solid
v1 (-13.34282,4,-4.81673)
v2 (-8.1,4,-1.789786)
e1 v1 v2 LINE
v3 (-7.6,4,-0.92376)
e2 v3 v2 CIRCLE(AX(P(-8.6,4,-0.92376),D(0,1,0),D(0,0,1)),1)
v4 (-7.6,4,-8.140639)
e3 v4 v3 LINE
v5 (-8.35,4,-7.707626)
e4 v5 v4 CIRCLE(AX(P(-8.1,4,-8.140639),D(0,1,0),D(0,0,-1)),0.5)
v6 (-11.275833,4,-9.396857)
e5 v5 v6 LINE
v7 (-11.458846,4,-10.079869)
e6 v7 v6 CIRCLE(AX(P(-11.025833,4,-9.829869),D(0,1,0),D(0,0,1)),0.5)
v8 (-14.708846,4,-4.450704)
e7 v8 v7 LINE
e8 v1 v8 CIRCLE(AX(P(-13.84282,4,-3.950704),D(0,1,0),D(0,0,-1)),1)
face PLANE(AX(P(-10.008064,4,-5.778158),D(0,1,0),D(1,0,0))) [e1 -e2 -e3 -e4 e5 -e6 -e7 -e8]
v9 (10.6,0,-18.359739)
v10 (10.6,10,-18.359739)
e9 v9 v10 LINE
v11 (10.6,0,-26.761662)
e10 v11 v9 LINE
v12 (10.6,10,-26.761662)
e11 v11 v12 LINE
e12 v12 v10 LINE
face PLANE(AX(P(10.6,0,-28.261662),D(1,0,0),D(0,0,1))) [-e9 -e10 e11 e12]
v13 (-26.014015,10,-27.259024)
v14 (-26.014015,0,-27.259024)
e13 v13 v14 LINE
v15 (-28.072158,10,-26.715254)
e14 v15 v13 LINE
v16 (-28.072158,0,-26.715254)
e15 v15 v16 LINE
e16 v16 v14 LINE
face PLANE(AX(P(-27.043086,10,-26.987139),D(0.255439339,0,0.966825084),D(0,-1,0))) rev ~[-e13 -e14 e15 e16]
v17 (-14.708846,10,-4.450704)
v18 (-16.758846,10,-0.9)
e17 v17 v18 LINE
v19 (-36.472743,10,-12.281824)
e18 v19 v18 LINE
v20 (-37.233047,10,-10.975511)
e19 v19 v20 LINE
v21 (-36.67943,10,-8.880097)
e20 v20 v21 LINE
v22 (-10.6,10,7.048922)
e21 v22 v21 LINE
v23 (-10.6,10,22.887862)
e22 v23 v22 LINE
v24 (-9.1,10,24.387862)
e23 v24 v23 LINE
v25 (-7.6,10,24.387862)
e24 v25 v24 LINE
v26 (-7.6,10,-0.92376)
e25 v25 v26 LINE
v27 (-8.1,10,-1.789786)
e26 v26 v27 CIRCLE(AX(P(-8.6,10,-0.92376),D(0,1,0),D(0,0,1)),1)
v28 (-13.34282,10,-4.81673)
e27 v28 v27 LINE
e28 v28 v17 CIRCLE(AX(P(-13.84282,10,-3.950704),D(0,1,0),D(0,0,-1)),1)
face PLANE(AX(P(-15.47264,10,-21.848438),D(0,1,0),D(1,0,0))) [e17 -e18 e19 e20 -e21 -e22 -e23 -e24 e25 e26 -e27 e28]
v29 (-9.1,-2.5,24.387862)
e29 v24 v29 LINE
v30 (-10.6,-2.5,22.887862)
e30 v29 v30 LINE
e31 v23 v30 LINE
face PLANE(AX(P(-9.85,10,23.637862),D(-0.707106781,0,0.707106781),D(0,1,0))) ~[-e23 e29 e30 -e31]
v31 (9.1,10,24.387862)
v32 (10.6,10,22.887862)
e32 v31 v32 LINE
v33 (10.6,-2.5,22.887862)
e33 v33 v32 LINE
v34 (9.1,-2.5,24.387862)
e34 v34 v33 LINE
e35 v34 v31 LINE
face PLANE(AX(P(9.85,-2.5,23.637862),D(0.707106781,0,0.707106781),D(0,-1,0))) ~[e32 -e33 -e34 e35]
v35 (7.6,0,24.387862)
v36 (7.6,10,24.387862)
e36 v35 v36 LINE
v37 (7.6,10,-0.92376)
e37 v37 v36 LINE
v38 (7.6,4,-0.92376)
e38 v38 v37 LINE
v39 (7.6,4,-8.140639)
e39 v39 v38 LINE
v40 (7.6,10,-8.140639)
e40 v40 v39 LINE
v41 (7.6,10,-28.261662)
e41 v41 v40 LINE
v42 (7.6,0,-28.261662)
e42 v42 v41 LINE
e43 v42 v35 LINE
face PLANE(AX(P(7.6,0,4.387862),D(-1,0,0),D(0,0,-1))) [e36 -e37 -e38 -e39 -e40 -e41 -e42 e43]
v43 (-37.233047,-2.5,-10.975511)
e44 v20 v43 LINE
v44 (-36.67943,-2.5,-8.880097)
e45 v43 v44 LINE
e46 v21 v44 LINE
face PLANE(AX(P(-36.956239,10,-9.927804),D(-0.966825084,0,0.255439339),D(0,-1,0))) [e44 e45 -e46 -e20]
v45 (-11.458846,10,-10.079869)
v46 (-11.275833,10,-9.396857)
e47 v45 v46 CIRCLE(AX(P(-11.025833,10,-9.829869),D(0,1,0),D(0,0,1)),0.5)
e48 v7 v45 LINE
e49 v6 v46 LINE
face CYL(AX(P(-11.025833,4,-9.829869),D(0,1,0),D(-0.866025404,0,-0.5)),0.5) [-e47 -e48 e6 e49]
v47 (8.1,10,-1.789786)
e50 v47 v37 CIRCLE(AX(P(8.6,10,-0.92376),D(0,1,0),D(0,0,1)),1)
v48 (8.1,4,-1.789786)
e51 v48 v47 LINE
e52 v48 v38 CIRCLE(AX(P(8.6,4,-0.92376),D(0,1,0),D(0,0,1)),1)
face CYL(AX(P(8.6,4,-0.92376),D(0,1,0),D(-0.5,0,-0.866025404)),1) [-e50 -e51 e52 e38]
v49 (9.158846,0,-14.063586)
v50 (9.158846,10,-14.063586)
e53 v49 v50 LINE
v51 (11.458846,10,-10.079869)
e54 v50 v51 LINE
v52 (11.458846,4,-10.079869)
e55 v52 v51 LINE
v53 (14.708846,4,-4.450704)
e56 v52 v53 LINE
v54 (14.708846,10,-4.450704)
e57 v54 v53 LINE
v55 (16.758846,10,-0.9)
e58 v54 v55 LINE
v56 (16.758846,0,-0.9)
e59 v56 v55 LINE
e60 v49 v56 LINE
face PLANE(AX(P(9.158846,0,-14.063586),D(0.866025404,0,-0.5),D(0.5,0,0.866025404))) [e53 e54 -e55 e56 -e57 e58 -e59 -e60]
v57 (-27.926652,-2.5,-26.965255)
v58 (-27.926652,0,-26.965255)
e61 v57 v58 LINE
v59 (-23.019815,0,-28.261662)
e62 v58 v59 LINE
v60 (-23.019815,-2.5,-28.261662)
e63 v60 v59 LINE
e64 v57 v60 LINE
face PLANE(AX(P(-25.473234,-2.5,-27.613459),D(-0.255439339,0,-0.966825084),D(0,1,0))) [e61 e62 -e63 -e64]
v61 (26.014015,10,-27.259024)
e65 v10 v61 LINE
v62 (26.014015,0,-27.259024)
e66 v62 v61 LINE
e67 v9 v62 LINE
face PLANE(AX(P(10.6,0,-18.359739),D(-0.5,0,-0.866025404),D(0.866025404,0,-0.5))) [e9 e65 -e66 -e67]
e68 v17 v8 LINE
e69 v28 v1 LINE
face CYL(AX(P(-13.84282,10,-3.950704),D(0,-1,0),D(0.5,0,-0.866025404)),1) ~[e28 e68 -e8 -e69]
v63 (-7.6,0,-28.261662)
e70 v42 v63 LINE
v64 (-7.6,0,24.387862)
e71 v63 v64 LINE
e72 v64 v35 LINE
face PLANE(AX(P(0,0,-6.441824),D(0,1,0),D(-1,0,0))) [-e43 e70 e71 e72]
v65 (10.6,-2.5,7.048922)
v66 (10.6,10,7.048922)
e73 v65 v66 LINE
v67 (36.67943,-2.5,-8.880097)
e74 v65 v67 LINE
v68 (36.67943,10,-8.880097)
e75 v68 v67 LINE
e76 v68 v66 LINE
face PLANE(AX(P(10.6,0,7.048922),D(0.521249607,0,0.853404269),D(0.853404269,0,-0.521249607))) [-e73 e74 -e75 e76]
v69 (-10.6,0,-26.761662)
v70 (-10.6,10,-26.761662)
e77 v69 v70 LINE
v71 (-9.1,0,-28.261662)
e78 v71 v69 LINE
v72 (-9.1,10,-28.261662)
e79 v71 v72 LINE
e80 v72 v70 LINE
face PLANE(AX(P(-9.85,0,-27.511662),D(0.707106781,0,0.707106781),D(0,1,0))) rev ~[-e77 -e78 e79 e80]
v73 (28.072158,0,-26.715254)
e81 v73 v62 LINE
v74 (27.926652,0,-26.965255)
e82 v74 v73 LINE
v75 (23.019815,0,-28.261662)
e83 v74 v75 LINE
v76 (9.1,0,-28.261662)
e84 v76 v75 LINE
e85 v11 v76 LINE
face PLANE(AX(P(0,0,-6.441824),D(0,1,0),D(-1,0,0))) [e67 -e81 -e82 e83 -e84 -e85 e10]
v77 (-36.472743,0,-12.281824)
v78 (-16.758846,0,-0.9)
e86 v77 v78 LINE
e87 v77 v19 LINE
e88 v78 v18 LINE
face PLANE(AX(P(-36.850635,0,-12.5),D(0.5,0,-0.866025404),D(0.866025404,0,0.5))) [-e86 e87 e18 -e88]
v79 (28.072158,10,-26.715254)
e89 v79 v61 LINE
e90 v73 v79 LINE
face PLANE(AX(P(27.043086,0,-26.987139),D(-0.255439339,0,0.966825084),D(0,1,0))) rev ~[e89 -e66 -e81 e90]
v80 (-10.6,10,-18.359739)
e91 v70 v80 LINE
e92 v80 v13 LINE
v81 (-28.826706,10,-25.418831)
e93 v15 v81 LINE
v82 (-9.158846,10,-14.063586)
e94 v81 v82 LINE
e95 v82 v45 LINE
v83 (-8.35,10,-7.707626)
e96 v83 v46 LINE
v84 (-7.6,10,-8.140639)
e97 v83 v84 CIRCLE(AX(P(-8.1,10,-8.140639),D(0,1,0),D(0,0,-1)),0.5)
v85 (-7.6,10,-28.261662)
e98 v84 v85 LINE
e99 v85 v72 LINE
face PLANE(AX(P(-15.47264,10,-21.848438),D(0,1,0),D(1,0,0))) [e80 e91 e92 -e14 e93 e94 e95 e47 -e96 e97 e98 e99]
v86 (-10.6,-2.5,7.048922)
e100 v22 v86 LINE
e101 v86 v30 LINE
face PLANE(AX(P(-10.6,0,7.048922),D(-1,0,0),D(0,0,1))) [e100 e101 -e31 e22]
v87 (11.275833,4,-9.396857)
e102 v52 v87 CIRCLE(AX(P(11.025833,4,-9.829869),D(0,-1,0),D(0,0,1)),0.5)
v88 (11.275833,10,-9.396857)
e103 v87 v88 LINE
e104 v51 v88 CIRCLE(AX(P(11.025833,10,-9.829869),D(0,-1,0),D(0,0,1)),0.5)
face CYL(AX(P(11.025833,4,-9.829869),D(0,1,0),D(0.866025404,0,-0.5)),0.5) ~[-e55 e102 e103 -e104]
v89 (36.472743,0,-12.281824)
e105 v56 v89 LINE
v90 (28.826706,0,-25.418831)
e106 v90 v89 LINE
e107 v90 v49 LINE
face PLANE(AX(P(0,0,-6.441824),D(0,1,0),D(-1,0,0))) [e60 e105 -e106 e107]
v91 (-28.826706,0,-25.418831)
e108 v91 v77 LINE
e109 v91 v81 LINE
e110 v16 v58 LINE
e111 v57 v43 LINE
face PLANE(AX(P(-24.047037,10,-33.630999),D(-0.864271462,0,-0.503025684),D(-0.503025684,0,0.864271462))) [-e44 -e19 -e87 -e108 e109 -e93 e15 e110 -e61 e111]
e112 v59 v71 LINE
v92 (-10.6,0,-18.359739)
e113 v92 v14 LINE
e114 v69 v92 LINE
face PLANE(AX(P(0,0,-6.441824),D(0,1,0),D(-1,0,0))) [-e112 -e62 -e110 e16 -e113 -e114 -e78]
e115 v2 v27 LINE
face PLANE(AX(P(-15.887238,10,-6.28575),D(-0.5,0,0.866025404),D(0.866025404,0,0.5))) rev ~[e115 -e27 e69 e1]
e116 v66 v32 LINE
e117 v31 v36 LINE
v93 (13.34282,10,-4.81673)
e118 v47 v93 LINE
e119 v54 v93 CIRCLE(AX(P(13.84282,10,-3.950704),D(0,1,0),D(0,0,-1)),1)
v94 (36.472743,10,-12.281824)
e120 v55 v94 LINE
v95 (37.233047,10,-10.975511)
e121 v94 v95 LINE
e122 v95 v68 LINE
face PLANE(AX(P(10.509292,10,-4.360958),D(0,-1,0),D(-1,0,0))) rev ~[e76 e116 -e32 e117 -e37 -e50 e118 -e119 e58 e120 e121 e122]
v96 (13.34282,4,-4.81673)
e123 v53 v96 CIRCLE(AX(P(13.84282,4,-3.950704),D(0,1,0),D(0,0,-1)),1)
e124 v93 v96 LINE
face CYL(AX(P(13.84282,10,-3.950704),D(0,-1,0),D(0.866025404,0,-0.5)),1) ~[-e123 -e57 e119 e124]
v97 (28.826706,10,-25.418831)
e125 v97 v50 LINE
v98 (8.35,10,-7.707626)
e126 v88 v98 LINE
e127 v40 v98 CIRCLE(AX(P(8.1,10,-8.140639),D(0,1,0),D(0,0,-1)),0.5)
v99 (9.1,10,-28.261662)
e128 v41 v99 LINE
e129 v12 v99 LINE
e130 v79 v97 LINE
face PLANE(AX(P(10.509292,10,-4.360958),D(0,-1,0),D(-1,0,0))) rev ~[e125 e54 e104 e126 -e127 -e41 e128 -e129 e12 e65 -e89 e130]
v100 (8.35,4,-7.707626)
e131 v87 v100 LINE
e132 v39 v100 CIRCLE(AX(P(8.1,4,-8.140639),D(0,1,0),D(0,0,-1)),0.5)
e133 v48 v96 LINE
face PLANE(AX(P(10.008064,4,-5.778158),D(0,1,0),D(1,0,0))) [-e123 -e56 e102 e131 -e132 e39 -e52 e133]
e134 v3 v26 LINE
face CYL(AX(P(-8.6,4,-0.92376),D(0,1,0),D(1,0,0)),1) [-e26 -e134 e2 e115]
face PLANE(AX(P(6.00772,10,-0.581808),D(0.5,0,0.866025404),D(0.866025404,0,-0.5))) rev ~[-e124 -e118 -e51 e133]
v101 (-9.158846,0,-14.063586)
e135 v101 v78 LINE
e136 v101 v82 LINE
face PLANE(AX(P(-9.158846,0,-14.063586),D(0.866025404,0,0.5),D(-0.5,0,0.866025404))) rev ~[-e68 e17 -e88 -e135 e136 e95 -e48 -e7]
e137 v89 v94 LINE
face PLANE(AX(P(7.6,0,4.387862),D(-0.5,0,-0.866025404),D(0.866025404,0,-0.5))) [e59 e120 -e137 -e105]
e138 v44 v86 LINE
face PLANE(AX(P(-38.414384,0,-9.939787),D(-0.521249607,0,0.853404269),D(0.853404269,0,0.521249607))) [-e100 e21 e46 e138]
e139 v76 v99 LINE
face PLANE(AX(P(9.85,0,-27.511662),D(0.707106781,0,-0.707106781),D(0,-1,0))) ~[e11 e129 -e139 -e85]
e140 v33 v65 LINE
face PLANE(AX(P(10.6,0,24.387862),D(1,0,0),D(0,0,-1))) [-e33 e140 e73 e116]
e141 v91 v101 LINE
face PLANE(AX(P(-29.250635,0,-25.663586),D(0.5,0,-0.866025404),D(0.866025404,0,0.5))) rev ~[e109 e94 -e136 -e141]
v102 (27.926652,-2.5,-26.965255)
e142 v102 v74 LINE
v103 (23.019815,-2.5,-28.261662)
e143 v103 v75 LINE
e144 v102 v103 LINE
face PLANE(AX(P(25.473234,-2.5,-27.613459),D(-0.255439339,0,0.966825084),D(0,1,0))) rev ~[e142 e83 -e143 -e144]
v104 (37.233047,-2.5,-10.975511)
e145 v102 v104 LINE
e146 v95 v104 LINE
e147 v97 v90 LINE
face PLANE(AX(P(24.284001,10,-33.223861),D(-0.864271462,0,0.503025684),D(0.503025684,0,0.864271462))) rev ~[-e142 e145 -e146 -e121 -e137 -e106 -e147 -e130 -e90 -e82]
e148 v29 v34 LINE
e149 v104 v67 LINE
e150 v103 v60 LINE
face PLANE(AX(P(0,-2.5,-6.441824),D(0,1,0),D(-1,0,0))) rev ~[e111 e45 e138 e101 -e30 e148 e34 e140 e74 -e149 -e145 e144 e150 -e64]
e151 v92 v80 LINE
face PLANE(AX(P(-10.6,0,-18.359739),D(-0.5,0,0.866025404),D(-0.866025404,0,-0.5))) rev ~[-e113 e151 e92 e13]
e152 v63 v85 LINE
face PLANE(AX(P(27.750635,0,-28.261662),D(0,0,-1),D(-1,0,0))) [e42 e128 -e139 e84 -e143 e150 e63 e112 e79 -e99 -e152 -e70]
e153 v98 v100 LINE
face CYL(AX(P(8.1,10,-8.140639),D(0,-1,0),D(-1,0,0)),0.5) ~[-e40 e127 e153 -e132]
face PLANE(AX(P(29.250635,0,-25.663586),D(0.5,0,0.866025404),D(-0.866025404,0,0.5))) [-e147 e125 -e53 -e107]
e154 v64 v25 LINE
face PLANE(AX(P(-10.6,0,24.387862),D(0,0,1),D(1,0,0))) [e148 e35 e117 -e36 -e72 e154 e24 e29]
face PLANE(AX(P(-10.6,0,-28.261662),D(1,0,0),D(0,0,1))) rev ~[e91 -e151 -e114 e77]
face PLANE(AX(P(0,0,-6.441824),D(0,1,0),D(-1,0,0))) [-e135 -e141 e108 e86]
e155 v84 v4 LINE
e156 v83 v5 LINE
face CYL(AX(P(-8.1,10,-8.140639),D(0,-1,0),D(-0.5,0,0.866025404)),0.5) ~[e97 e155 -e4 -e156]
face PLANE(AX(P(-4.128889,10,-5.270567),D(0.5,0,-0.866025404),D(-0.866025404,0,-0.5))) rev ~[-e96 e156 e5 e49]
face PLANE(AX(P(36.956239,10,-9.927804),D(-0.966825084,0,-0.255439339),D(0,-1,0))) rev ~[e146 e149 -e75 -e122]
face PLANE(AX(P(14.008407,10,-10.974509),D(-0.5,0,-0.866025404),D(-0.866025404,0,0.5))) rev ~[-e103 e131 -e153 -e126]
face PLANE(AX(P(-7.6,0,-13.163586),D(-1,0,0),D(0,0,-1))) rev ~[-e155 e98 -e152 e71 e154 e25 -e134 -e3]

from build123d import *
from OCP.BRepFilletAPI import BRepFilletAPI_MakeChamfer

# Parameters (mm, degrees)
EXTRUDE_1_DEPTH     = 10
EXTRUDE_1_2_DEPTH   = 10
EXTRUDE_1_3_DEPTH   = 10
EXTRUDE_1_4_DEPTH   = 10
EXTRUDE_2_DEPTH     = 2.5
EXTRUDE_3_DEPTH     = 10
CUT_EXTRUDE_1_DEPTH = 6
FILLET_4_R          = 1
FILLET_5_R          = 0.5
CUT_EXTRUDE_2_DEPTH = 50.301485276
CHAMFER_1_SIZE      = 1.5
CHAMFER_1_SIZE2     = 1.532867746
CHAMFER_1_SIZE2_2   = 1.505273584
CHAMFER_2_SIZE      = 1.5
CHAMFER_2_SIZE2     = 4.152297663


with BuildPart() as part:
    # Эскиз1 → Бобышка-Вытянуть1 (new body)
    with BuildSketch(Plane(origin=(0, 0, 0), x_dir=(1, 0, 0), z_dir=(0, 1, 0))):
        Polygon((-7.6, 13.163586138), (-7.6, 28.261662349), (-10.6, 28.261662349), (-10.6, 18.35973856), (-27.750635095, 28.261662349), (-29.250635095, 25.663586138), align=None)
    extrude(amount=EXTRUDE_1_DEPTH)



with BuildPart() as body_2:
    # Эскиз1 → Extrude 1 2 (new body)
    with BuildSketch(Plane(origin=(0, 0, 0), x_dir=(1, 0, 0), z_dir=(0, 1, 0))):
        Polygon((-36.850635095, 12.5), (-7.6, -4.387862046), (-7.6, -24.387862046), (-10.6, -24.387862046), (-10.6, -7.048921698), (-38.414383917, 9.939787192), align=None)
    extrude(amount=EXTRUDE_1_2_DEPTH)


with BuildPart() as body_3:
    # Эскиз1 → Extrude 1 3 (new body)
    with BuildSketch(Plane(origin=(0, 0, 0), x_dir=(1, 0, 0), z_dir=(0, 1, 0))):
        Polygon((7.6, -24.387862046), (7.6, -4.387862046), (36.850635095, 12.5), (38.414383917, 9.939787192), (10.6, -7.048921698), (10.6, -24.387862046), align=None)
    extrude(amount=EXTRUDE_1_3_DEPTH)


with BuildPart() as body_4:
    # Эскиз1 → Extrude 1 4 (new body)
    with BuildSketch(Plane(origin=(0, 0, 0), x_dir=(1, 0, 0), z_dir=(0, 1, 0))):
        Polygon((29.250635095, 25.663586138), (7.6, 13.163586138), (7.6, 28.261662349), (10.6, 28.261662349), (10.6, 18.35973856), (27.750635095, 28.261662349), align=None)
    extrude(amount=EXTRUDE_1_4_DEPTH)


with BuildPart() as part_1:
    add(part.part)

    add(body_2.part)  # Бобышка-Вытянуть2 merges body 2

    add(body_3.part)  # Бобышка-Вытянуть2 merges body 3

    add(body_4.part)  # Бобышка-Вытянуть2 merges body 4
    # Эскиз2 → Бобышка-Вытянуть2 (add)
    with BuildSketch(Plane.XZ):
        Polygon((-10.6, 24.387862046), (10.6, 24.387862046), (10.6, 7.048921698), (38.414383917, -9.939787192), (27.750635095, -28.261662349), (-27.750635095, -28.261662349), (-38.414383917, -9.939787192), (-10.6, 7.048921698), align=None)
    extrude(amount=EXTRUDE_2_DEPTH)

    # Эскиз3 → Бобышка-Вытянуть3 (add)
    with BuildSketch(Plane(origin=(0, 0, 0), x_dir=(1, 0, 0), z_dir=(0, 1, 0))):
        Polygon((9.158845727, 14.063586138), (16.758845727, 0.9), (7.6, -4.387862046), (7.6, 13.163586138), align=None)
        Polygon((-7.6, -4.387862046), (-7.6, 13.163586138), (-9.158845727, 14.063586138), (-16.758845727, 0.9), align=None)
    extrude(amount=EXTRUDE_3_DEPTH)

    # Эскиз4 → Вырез-Вытянуть1 (cut)
    with BuildSketch(Plane(origin=(0, 10, 0), x_dir=(1, 0, 0), z_dir=(0, 1, 0))):
        Polygon((-15.887237696, 6.285749615), (-6.628889419, 0.940439745), (-4.128889419, 5.270566763), (-13.387237696, 10.615876634), align=None)
        Polygon((14.008406819, 10.974508794), (3.507720297, 4.911934604), (6.007720297, 0.581807585), (16.508406819, 6.644381775), align=None)
    extrude(amount=-CUT_EXTRUDE_1_DEPTH, mode=Mode.SUBTRACT)

    # Скругление4
    fillet_4_edges = [part_1.edges().sort_by_distance(p)[0] for p in [
        (-14.208845727, 7, -5.316729559),
        (14.208845727, 7, -5.316729559),
        (-7.6, 7, -1.5011107),
        (7.6, 7, -1.5011107),
    ]]
    fillet(fillet_4_edges, radius=FILLET_4_R)

    # Скругление5
    fillet_5_edges = [part_1.edges().sort_by_distance(p)[0] for p in [
        (-11.708845727, 7, -9.646856578),
        (11.708845727, 7, -9.646856578),
        (-7.6, 7, -7.274613392),
        (7.6, 7, -7.274613392),
    ]]
    fillet(fillet_5_edges, radius=FILLET_5_R)

    # Эскиз5 → Вырез-Вытянуть2 (cut, through all)
    with BuildSketch(Plane(origin=(0, 10, 0), x_dir=(1, 0, 0), z_dir=(0, 1, 0))):
        Polygon((-24.047037107, 33.630998613), (-39.832865352, 6.508644255), (-44.756690746, 10.727475508), (-28.61540602, 34.978771584), align=None)
        Polygon((24.284000657, 33.223860688), (39.70321054, 6.731410124), (44.299549415, 9.406584081), (29.808170892, 34.304885099), align=None)
    extrude(amount=-CUT_EXTRUDE_2_DEPTH, mode=Mode.SUBTRACT)

    # Фаска1: one chamfer whose edges measure the first distance from different faces: ONE call of the kernel's chamfer builder (chamfer() names one face for all edges)
    chamfer_1_edges_1 = [part_1.edges().sort_by_distance(p)[0] for p in [
        (10.6, 5, -28.261662349),
        (-10.6, 3.75, 24.387862046),
        (10.6, 3.75, 24.387862046),
        (-10.6, 5, -28.261662349),
    ]]
    chamfer_1_edges_2 = [part_1.edges().sort_by_distance(p)[0] for p in [
        (-37.987585708, 3.75, -9.679103708),
    ]]
    chamfer_1_side_2 = [part_1.faces().sort_by_distance(p)[0] for p in [
        (-28.072162886, 9.751296174, -26.715245698),
    ]]
    chamfer_1_edges_3 = [part_1.edges().sort_by_distance(p)[0] for p in [
        (-27.317619745, 5, -28.01166082),
    ]]
    chamfer_1_side_3 = [part_1.faces().sort_by_distance(p)[0] for p in [
        (-28.072162886, 9.751296174, -26.715245698),
    ]]
    chamfer_1_edges_4 = [part_1.edges().sort_by_distance(p)[0] for p in [
        (27.317619745, 5, -28.01166082),
    ]]
    chamfer_1_side_4 = [part_1.faces().sort_by_distance(p)[0] for p in [
        (28.072162886, 9.751296174, -26.715245698),
    ]]
    chamfer_1_edges_5 = [part_1.edges().sort_by_distance(p)[0] for p in [
        (37.987585708, 3.75, -9.679103708),
    ]]
    chamfer_1_side_5 = [part_1.faces().sort_by_distance(p)[0] for p in [
        (28.072162886, 9.751296174, -26.715245698),
    ]]
    chamfer_1 = BRepFilletAPI_MakeChamfer(part_1.part.solid().wrapped)
    for e in chamfer_1_edges_1:
        chamfer_1.Add(CHAMFER_1_SIZE, e.wrapped)
    for e in chamfer_1_edges_2:
        chamfer_1.Add(CHAMFER_1_SIZE, CHAMFER_1_SIZE2, e.wrapped, chamfer_1_side_2[0].wrapped)  # the first distance lies on this face
    for e in chamfer_1_edges_3:
        chamfer_1.Add(CHAMFER_1_SIZE, CHAMFER_1_SIZE2_2, e.wrapped, chamfer_1_side_3[0].wrapped)  # the first distance lies on this face
    for e in chamfer_1_edges_4:
        chamfer_1.Add(CHAMFER_1_SIZE, CHAMFER_1_SIZE2_2, e.wrapped, chamfer_1_side_4[0].wrapped)  # the first distance lies on this face
    for e in chamfer_1_edges_5:
        chamfer_1.Add(CHAMFER_1_SIZE, CHAMFER_1_SIZE2, e.wrapped, chamfer_1_side_5[0].wrapped)  # the first distance lies on this face
    add(Compound.cast(chamfer_1.Shape()), mode=Mode.REPLACE)

    # Фаска2: one chamfer whose edges measure the first distance from different faces: ONE call of the kernel's chamfer builder (chamfer() names one face for all edges)
    chamfer_2_edges_1 = [part_1.edges().sort_by_distance(p)[0] for p in [
        (-27.172113158, -1.25, -28.261662349),
    ]]
    chamfer_2_side_1 = [part_1.faces().sort_by_distance(p)[0] for p in [
        (-28.449432149, 9.764143386, -26.067042101),
    ]]
    chamfer_2_edges_2 = [part_1.edges().sort_by_distance(p)[0] for p in [
        (27.172113158, -1.25, -28.261662349),
    ]]
    chamfer_2_side_2 = [part_1.faces().sort_by_distance(p)[0] for p in [
        (28.449432149, 9.764143386, -26.067042101),
    ]]
    chamfer_2 = BRepFilletAPI_MakeChamfer(part_1.part.solid().wrapped)
    for e in chamfer_2_edges_1:
        chamfer_2.Add(CHAMFER_2_SIZE, CHAMFER_2_SIZE2, e.wrapped, chamfer_2_side_1[0].wrapped)  # the first distance lies on this face
    for e in chamfer_2_edges_2:
        chamfer_2.Add(CHAMFER_2_SIZE, CHAMFER_2_SIZE2, e.wrapped, chamfer_2_side_2[0].wrapped)  # the first distance lies on this face
    add(Compound.cast(chamfer_2.Shape()), mode=Mode.REPLACE)


solid = part_1.part
